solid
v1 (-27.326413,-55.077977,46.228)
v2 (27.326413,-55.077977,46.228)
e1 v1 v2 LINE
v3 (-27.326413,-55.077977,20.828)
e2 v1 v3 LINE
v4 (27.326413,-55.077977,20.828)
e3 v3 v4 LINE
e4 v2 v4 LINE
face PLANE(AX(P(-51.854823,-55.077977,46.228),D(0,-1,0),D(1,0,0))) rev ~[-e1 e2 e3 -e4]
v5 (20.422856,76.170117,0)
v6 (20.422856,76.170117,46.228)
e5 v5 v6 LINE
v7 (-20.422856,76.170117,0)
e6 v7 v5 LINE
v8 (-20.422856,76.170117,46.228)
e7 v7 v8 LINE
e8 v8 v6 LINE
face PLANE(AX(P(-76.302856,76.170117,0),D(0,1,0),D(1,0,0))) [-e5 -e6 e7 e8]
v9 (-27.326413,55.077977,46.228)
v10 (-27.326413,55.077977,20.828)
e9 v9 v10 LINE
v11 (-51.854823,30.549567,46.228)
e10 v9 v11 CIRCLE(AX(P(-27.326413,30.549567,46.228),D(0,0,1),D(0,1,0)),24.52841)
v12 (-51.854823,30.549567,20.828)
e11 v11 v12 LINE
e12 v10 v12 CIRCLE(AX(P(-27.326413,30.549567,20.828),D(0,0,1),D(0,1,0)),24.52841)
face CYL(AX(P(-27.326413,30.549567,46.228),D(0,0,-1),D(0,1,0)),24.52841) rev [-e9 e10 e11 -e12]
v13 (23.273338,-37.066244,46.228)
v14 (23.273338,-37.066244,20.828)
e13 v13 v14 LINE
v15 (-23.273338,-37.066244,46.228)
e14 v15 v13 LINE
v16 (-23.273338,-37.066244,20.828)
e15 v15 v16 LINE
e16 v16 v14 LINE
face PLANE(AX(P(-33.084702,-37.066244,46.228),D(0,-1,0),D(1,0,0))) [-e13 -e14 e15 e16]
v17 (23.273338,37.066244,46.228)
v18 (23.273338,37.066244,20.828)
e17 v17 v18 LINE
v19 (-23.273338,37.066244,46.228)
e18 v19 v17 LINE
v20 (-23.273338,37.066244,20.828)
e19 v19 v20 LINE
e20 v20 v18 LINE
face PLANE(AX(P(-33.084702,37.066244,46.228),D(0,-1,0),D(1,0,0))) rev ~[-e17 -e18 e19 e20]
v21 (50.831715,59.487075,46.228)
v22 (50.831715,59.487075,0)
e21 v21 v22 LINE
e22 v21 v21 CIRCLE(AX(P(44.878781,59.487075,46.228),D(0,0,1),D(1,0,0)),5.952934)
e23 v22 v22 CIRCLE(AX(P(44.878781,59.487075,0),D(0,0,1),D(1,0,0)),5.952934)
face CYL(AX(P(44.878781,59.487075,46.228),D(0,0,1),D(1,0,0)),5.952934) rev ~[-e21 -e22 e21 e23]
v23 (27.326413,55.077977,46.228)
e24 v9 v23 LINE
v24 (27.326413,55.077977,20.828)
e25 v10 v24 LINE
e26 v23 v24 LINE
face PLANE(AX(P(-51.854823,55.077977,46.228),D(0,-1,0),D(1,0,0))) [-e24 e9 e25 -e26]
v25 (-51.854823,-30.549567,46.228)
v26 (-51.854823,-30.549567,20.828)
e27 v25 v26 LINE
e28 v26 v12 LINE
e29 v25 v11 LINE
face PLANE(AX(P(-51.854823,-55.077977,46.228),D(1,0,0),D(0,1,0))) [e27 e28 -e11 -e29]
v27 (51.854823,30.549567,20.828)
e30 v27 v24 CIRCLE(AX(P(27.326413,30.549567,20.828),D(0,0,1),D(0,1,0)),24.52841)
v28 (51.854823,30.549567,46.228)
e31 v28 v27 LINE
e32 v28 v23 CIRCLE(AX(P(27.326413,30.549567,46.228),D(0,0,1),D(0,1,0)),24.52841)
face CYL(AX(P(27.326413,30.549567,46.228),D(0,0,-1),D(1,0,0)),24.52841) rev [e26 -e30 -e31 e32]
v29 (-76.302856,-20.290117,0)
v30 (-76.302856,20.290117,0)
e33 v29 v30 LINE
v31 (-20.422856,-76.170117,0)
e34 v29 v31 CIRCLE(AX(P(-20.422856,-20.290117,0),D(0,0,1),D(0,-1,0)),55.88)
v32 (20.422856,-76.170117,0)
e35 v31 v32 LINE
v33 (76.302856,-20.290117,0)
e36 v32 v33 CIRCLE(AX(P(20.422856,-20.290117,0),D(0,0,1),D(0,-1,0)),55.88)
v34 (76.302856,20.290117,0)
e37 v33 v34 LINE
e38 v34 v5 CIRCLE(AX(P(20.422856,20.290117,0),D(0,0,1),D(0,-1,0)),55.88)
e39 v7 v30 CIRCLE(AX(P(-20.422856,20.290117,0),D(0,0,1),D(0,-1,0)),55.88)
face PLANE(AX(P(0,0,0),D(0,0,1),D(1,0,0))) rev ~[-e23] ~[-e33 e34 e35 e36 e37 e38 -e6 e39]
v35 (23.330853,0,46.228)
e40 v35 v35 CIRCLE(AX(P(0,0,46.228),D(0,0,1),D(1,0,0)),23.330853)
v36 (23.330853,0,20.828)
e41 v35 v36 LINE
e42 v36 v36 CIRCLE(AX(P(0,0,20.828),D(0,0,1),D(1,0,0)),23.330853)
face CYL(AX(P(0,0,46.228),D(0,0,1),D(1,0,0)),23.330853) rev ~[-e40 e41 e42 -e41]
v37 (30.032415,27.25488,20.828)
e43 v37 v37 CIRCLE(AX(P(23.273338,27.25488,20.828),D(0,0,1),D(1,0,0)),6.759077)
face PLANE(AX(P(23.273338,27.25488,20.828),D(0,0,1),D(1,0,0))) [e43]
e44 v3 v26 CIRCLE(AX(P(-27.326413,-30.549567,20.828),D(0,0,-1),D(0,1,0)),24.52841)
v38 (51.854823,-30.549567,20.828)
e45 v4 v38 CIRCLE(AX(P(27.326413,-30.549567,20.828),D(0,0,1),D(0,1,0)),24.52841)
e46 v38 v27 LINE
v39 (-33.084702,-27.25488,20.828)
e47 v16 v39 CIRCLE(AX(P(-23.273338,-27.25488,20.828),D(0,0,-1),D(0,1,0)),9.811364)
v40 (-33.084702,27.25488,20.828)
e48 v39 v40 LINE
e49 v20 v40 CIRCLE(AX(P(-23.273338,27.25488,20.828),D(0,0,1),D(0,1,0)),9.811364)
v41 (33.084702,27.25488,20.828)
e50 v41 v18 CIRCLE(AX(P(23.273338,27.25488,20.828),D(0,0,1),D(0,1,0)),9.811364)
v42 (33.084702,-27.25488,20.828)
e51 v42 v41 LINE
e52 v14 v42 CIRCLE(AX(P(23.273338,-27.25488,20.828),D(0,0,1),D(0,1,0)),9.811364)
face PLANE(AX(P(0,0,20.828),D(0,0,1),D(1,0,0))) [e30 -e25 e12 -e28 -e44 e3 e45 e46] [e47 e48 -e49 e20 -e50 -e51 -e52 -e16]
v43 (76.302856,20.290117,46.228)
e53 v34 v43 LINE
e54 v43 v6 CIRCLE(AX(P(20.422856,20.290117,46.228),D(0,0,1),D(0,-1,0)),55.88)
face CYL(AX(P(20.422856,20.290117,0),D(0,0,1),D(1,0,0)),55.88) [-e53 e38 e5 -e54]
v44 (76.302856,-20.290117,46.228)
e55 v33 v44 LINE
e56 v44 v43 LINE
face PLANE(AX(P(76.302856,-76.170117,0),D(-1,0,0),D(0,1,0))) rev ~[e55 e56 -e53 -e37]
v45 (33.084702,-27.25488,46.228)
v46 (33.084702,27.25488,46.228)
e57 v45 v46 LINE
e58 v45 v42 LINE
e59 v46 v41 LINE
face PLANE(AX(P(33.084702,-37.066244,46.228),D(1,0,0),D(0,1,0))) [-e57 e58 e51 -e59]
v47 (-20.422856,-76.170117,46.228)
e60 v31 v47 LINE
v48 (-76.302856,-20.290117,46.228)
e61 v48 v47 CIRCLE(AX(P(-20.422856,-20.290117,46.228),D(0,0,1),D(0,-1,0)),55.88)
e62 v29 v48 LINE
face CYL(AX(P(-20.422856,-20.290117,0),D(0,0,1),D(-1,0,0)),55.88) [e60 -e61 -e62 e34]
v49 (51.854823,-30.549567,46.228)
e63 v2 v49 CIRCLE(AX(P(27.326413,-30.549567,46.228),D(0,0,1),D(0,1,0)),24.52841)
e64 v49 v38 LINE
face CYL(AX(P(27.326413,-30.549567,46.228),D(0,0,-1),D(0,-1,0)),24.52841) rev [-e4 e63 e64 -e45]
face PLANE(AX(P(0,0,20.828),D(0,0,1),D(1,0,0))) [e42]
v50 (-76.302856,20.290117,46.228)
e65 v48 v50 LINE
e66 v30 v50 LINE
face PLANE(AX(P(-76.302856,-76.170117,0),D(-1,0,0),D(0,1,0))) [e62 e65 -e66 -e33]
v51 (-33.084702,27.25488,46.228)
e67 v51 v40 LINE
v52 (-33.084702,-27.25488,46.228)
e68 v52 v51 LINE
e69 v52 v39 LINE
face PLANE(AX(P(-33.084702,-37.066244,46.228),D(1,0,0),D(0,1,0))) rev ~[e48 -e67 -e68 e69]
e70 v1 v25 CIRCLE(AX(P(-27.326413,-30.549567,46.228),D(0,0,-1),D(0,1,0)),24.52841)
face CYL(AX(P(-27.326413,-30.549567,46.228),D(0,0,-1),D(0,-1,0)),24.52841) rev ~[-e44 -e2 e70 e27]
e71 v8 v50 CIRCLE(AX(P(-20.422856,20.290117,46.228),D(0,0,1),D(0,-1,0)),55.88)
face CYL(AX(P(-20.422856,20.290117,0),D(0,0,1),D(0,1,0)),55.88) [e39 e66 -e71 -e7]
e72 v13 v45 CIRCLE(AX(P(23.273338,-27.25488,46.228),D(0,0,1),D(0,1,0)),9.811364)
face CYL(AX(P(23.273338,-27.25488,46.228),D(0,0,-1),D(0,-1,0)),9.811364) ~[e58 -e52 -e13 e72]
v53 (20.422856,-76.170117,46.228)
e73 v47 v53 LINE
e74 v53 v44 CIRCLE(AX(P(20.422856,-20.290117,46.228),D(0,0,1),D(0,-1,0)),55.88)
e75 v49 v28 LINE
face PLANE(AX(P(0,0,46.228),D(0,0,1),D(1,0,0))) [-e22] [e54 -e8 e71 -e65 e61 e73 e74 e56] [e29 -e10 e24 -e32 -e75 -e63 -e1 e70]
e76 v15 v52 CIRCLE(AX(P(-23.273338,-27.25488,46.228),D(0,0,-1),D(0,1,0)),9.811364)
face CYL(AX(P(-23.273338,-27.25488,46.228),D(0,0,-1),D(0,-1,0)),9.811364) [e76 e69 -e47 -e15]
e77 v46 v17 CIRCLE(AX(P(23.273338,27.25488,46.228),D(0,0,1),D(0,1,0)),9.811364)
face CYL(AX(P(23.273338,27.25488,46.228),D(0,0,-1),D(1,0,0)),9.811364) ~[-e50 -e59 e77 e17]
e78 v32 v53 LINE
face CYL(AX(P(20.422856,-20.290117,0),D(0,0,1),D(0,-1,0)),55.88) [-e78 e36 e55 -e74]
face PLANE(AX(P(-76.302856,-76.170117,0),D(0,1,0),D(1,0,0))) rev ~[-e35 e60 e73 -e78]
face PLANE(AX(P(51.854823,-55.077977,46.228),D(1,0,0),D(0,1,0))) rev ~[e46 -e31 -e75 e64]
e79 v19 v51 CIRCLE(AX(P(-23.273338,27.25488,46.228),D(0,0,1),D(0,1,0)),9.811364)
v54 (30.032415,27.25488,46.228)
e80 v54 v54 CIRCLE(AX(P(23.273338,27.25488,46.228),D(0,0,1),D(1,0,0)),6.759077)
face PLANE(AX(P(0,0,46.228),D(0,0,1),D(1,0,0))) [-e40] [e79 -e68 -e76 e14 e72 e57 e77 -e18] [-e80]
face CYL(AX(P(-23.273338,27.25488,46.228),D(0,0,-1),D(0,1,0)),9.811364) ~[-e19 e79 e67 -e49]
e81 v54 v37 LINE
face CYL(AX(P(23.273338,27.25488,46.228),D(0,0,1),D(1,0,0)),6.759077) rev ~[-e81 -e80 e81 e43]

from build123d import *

# Parameters (mm, degrees)
F0_W      = 152.605712
F0_H      = 152.340234
F1_DEPTH  = 46.228
F2_R      = 55.88
F3_R      = 55.88
F4_R      = 55.88
F5_R      = 55.88
F6_W      = 103.709646
F6_H      = 110.155954
F6_W_2    = 66.169404
F6_H_2    = 74.132488
F7_DEPTH  = 25.4
F8_R      = 24.52841
F9_R      = 9.811364
F10_R     = 23.330853
F11_DEPTH = 25.4
F12_R     = 6.759077
F13_DEPTH = 25.4
F14_R     = 5.952934
F15_DEPTH = 62.484


with BuildPart() as f1:
    # F0 (on Top) → F1 (new body)
    with BuildSketch(Plane.XY):
        Rectangle(F0_W, F0_H)
    extrude(amount=F1_DEPTH)

    # F2
    f2_edges = [f1.edges().sort_by_distance(p)[0] for p in [
        (76.302856, 76.170117, 23.114),
    ]]
    fillet(f2_edges, radius=F2_R)

    # F3
    f3_edges = [f1.edges().sort_by_distance(p)[0] for p in [
        (-76.302856, 76.170117, 23.114),
    ]]
    fillet(f3_edges, radius=F3_R)

    # F4
    f4_edges = [f1.edges().sort_by_distance(p)[0] for p in [
        (-76.302856, -76.170117, 23.114),
    ]]
    fillet(f4_edges, radius=F4_R)

    # F5
    f5_edges = [f1.edges().sort_by_distance(p)[0] for p in [
        (76.302856, -76.170117, 23.114),
    ]]
    fillet(f5_edges, radius=F5_R)

    # F6 (on face) → F7 (cut)
    with BuildSketch(Plane.XY.offset(46.228)):
        Rectangle(F6_W, F6_H)
        Rectangle(F6_W_2, F6_H_2, mode=Mode.SUBTRACT)
    extrude(amount=-F7_DEPTH, mode=Mode.SUBTRACT)

    # F8
    f8_edges = [f1.edges().sort_by_distance(p)[0] for p in [
        (-51.854823, -55.077977, 33.528),
        (51.854823, -55.077977, 33.528),
        (51.854823, 55.077977, 33.528),
        (-51.854823, 55.077977, 33.528),
    ]]
    fillet(f8_edges, radius=F8_R)

    # F9
    f9_edges = [f1.edges().sort_by_distance(p)[0] for p in [
        (-33.084702, -37.066244, 33.528),
        (-33.084702, 37.066244, 33.528),
        (33.084702, 37.066244, 33.528),
        (33.084702, -37.066244, 33.528),
    ]]
    fillet(f9_edges, radius=F9_R)

    # F10 (on face) → F11 (cut)
    with BuildSketch(Plane.XY.offset(46.228)):
        Circle(F10_R)
    extrude(amount=-F11_DEPTH, mode=Mode.SUBTRACT)

    # F12 (on face) → F13 (cut)
    with BuildSketch(Plane.XY.offset(46.228)):
        with Locations((23.273338, 27.25488)):
            Circle(F12_R)
    extrude(amount=-F13_DEPTH, mode=Mode.SUBTRACT)

    # F14 (on face) → F15 (cut)
    with BuildSketch(Plane.XY.offset(46.228)):
        with Locations((44.878781, 59.487075)):
            Circle(F14_R)
    extrude(amount=-F15_DEPTH, mode=Mode.SUBTRACT)


solid = f1.part
